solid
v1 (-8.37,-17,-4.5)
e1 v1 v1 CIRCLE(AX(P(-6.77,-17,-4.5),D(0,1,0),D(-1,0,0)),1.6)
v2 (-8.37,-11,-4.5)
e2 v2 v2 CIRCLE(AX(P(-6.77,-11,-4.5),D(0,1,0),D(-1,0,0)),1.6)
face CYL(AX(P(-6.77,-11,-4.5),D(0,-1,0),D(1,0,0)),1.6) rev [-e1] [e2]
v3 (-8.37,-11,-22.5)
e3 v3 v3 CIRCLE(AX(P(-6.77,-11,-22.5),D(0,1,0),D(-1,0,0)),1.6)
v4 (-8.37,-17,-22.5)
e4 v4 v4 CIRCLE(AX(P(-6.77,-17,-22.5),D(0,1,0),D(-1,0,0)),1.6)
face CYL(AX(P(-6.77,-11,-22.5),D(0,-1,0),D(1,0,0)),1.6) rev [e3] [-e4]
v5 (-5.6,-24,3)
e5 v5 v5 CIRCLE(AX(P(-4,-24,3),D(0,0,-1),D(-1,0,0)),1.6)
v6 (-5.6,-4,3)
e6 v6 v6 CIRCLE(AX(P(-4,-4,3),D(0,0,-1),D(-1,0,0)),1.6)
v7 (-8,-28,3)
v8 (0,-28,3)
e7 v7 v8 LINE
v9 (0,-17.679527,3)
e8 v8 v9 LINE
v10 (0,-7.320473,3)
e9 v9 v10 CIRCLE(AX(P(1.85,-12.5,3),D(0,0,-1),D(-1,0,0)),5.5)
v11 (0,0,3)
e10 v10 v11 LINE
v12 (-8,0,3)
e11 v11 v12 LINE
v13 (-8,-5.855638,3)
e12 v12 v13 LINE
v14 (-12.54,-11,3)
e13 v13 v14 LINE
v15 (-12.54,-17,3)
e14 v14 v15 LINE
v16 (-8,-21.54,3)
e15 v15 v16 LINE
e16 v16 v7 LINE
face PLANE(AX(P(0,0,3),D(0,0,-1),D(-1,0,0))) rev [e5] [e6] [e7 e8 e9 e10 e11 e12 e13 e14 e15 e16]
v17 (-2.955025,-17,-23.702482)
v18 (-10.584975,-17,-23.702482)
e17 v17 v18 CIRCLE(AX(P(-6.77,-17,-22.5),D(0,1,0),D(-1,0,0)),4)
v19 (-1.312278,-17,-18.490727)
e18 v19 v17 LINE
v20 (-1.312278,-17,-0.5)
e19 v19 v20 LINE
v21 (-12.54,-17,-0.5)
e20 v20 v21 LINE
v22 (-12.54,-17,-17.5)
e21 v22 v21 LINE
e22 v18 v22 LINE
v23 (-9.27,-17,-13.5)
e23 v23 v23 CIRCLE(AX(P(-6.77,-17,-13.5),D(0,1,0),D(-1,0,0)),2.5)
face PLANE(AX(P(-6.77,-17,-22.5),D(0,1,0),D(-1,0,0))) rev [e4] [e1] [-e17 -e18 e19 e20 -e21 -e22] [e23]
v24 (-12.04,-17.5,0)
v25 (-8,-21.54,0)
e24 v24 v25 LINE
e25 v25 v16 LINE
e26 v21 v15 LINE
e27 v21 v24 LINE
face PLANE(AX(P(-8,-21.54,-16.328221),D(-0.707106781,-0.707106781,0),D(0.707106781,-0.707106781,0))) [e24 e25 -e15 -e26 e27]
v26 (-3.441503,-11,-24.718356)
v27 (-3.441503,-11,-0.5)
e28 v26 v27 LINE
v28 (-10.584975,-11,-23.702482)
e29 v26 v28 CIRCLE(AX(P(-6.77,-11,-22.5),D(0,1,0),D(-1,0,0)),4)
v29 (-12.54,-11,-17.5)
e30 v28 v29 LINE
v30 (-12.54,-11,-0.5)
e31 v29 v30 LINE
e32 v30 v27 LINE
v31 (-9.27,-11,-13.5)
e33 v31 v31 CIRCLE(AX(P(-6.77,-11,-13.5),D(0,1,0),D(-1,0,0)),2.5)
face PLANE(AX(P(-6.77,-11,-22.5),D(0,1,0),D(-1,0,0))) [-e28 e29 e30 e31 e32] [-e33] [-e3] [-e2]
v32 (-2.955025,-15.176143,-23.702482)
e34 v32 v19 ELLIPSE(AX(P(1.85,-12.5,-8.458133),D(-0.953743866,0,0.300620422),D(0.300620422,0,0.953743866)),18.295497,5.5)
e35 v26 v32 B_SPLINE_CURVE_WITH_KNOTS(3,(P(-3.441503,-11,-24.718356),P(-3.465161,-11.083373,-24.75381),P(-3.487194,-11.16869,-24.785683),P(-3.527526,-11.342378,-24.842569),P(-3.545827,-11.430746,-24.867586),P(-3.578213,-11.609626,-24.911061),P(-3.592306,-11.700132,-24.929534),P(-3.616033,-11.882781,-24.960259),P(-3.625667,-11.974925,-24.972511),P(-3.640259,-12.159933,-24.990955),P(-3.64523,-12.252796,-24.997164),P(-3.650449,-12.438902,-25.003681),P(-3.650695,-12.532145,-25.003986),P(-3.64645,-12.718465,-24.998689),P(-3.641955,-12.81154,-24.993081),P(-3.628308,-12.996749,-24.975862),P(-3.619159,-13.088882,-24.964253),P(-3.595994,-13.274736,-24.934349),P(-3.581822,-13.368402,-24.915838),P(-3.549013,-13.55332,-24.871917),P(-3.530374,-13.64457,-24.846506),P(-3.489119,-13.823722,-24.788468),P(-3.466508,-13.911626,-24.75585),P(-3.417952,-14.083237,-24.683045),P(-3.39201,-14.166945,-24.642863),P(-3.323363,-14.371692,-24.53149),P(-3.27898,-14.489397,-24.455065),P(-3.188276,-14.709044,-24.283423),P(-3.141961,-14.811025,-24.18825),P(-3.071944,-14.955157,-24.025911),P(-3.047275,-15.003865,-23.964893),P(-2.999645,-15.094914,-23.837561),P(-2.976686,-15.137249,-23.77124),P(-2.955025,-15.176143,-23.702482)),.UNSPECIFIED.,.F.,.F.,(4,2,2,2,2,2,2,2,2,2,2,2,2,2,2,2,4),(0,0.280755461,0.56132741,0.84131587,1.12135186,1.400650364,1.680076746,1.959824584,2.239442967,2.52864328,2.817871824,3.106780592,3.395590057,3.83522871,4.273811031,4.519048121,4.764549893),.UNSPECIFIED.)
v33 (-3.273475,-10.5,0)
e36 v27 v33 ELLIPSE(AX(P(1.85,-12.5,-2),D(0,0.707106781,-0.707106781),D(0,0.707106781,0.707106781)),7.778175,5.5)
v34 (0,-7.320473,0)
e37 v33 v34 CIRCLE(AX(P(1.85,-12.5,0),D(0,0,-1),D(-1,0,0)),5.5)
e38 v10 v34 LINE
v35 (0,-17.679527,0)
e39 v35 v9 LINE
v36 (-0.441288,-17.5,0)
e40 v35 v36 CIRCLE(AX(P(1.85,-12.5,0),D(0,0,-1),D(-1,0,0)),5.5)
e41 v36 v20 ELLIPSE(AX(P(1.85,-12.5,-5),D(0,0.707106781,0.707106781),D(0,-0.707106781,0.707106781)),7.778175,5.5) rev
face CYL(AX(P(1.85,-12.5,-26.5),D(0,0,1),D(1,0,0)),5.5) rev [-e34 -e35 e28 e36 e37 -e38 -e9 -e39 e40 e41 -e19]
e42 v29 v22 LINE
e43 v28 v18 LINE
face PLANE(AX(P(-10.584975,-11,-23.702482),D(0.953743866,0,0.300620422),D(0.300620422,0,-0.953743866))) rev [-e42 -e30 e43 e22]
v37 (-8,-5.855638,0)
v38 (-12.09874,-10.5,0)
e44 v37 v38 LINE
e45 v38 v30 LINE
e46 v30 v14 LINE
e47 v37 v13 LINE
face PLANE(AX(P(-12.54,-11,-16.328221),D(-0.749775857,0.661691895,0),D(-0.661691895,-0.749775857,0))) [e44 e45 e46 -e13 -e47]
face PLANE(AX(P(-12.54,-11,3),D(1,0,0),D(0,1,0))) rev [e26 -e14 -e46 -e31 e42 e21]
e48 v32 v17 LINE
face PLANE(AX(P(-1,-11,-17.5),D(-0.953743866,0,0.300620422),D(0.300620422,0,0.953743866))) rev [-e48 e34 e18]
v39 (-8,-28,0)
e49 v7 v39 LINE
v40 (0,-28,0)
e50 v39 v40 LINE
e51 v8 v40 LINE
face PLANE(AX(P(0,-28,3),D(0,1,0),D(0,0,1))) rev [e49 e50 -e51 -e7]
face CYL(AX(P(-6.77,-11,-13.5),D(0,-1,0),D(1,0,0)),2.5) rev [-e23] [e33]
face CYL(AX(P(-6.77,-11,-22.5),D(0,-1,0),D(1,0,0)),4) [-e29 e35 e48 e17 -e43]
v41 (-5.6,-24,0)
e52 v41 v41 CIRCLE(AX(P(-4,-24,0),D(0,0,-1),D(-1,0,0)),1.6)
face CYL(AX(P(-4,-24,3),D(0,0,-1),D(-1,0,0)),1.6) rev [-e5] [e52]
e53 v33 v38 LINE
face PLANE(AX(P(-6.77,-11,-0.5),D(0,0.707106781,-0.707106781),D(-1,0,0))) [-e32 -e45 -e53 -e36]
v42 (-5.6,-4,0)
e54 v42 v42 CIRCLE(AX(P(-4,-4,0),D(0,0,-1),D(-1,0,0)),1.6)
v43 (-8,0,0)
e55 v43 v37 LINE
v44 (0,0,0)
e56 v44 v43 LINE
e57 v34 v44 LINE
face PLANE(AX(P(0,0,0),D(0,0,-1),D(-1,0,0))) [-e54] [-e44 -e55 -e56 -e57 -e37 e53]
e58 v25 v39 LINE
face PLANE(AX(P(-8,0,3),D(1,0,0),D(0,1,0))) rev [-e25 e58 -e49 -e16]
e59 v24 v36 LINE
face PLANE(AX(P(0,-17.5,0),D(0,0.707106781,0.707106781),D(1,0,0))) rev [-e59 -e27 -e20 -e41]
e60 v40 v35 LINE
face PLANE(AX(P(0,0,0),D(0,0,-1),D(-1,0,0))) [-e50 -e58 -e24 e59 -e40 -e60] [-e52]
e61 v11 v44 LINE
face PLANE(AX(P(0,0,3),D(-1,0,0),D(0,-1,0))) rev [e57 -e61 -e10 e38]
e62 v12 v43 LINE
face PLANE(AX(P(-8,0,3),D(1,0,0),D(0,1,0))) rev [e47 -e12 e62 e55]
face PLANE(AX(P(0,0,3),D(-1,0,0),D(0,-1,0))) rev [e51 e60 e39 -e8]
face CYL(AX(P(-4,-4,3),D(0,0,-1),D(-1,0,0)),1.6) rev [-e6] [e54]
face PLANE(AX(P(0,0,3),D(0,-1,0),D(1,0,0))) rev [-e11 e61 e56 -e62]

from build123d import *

# Parameters (mm, degrees)
SKETCH_1_W               = 8
SKETCH_1_H               = 28
EXTRUDE_1_DEPTH          = 3
EXTRUDE_2_DEPTH          = 3
EXTRUDE_2_DEPTH_BACK     = 3
SKETCH_2_R               = 1.6
SKETCH_2_R_2             = 2.5
CUT_EXTRUDE_1_DEPTH      = 43.561738686
CUT_EXTRUDE_1_DEPTH_BACK = 43.561738686
SKETCH_3_R               = 5.5
EXTRUDE_3_DEPTH          = 3
SKETCH_6_R               = 1.6
CUT_EXTRUDE_2_DEPTH      = 41.5401234
CHAMFER_1_SIZE           = 0.5


with BuildPart() as part:
    # Эскиз1 → Бобышка-Вытянуть1 (new body)
    with BuildSketch(Plane.XY):
        with Locations((-4, -14)):
            Rectangle(SKETCH_1_W, SKETCH_1_H)
    extrude(amount=EXTRUDE_1_DEPTH)

    # Эскиз2 → Бобышка-Вытянуть2 (add, two sides: drawn at the far end of the back side and taken through both)
    with BuildSketch(Plane(origin=(0, -14, 0), x_dir=(1, 0, 0), z_dir=(0, 1, 0)).offset(-EXTRUDE_2_DEPTH_BACK)):
        with BuildLine():
            Line((-1, 9.5), (-1, 17.5))
            Line((-1, 17.5), (-2.955024535, 23.702481686))
            ThreePointArc((-2.955024535, 23.702481686), (-6.77, 26.5), (-10.584975465, 23.702481686))
            Line((-10.584975465, 23.702481686), (-12.54, 17.5))
            Line((-12.54, 17.5), (-12.54, 9.5))
            Line((-12.54, 9.5), (-12.54, -3))
            Line((-12.54, -3), (0, -3))
            Line((0, -3), (0, 0))
            Line((0, 0), (-1, 0))
            Line((-1, 0), (-1, 9.5))
        make_face()
        with Locations(Location((-6.77, 22.5, 0), (0, 0, 180))):
            Circle(SKETCH_2_R, mode=Mode.SUBTRACT)
        with Locations(Location((-6.77, 4.5, 0), (0, 0, 180))):
            Circle(SKETCH_2_R, mode=Mode.SUBTRACT)
        with Locations(Location((-6.77, 13.5, 0), (0, 0, 180))):
            Circle(SKETCH_2_R_2, mode=Mode.SUBTRACT)
    extrude(amount=EXTRUDE_2_DEPTH + EXTRUDE_2_DEPTH_BACK)

    # Эскиз3 → Вырез-Вытянуть1 (cut, two sides: drawn at the far end of the back side and taken through both)
    with BuildSketch(Plane.XY.offset(3).offset(-CUT_EXTRUDE_1_DEPTH_BACK)):
        with Locations((1.85, -12.5)):
            Circle(SKETCH_3_R)
    extrude(amount=CUT_EXTRUDE_1_DEPTH + CUT_EXTRUDE_1_DEPTH_BACK, mode=Mode.SUBTRACT)

    # Эскиз4 → Бобышка-Вытянуть3 (add)
    with BuildSketch(Plane.XY.offset(3)):
        Polygon((-12.54, -11), (-8, -5.855638374), (-8, -21.54), (-12.54, -17), align=None)
    extrude(amount=-EXTRUDE_3_DEPTH)

    # Эскиз6 → Вырез-Вытянуть2 (cut, through all)
    with BuildSketch(Plane(origin=(0, 0, 0), x_dir=(-1, 0, 0), z_dir=(0, 0, -1))):
        with Locations((4, -4)):
            Circle(SKETCH_6_R)
        with Locations((4, -24)):
            Circle(SKETCH_6_R)
    extrude(amount=-CUT_EXTRUDE_2_DEPTH, mode=Mode.SUBTRACT)

    # Фаска1
    chamfer_1_edges = [part.edges().sort_by_distance(p)[0] for p in [
        (-6.92613883, -17, 0),
        (-7.990751311, -11, 0),
    ]]
    chamfer(chamfer_1_edges, length=CHAMFER_1_SIZE)


solid = part.part
